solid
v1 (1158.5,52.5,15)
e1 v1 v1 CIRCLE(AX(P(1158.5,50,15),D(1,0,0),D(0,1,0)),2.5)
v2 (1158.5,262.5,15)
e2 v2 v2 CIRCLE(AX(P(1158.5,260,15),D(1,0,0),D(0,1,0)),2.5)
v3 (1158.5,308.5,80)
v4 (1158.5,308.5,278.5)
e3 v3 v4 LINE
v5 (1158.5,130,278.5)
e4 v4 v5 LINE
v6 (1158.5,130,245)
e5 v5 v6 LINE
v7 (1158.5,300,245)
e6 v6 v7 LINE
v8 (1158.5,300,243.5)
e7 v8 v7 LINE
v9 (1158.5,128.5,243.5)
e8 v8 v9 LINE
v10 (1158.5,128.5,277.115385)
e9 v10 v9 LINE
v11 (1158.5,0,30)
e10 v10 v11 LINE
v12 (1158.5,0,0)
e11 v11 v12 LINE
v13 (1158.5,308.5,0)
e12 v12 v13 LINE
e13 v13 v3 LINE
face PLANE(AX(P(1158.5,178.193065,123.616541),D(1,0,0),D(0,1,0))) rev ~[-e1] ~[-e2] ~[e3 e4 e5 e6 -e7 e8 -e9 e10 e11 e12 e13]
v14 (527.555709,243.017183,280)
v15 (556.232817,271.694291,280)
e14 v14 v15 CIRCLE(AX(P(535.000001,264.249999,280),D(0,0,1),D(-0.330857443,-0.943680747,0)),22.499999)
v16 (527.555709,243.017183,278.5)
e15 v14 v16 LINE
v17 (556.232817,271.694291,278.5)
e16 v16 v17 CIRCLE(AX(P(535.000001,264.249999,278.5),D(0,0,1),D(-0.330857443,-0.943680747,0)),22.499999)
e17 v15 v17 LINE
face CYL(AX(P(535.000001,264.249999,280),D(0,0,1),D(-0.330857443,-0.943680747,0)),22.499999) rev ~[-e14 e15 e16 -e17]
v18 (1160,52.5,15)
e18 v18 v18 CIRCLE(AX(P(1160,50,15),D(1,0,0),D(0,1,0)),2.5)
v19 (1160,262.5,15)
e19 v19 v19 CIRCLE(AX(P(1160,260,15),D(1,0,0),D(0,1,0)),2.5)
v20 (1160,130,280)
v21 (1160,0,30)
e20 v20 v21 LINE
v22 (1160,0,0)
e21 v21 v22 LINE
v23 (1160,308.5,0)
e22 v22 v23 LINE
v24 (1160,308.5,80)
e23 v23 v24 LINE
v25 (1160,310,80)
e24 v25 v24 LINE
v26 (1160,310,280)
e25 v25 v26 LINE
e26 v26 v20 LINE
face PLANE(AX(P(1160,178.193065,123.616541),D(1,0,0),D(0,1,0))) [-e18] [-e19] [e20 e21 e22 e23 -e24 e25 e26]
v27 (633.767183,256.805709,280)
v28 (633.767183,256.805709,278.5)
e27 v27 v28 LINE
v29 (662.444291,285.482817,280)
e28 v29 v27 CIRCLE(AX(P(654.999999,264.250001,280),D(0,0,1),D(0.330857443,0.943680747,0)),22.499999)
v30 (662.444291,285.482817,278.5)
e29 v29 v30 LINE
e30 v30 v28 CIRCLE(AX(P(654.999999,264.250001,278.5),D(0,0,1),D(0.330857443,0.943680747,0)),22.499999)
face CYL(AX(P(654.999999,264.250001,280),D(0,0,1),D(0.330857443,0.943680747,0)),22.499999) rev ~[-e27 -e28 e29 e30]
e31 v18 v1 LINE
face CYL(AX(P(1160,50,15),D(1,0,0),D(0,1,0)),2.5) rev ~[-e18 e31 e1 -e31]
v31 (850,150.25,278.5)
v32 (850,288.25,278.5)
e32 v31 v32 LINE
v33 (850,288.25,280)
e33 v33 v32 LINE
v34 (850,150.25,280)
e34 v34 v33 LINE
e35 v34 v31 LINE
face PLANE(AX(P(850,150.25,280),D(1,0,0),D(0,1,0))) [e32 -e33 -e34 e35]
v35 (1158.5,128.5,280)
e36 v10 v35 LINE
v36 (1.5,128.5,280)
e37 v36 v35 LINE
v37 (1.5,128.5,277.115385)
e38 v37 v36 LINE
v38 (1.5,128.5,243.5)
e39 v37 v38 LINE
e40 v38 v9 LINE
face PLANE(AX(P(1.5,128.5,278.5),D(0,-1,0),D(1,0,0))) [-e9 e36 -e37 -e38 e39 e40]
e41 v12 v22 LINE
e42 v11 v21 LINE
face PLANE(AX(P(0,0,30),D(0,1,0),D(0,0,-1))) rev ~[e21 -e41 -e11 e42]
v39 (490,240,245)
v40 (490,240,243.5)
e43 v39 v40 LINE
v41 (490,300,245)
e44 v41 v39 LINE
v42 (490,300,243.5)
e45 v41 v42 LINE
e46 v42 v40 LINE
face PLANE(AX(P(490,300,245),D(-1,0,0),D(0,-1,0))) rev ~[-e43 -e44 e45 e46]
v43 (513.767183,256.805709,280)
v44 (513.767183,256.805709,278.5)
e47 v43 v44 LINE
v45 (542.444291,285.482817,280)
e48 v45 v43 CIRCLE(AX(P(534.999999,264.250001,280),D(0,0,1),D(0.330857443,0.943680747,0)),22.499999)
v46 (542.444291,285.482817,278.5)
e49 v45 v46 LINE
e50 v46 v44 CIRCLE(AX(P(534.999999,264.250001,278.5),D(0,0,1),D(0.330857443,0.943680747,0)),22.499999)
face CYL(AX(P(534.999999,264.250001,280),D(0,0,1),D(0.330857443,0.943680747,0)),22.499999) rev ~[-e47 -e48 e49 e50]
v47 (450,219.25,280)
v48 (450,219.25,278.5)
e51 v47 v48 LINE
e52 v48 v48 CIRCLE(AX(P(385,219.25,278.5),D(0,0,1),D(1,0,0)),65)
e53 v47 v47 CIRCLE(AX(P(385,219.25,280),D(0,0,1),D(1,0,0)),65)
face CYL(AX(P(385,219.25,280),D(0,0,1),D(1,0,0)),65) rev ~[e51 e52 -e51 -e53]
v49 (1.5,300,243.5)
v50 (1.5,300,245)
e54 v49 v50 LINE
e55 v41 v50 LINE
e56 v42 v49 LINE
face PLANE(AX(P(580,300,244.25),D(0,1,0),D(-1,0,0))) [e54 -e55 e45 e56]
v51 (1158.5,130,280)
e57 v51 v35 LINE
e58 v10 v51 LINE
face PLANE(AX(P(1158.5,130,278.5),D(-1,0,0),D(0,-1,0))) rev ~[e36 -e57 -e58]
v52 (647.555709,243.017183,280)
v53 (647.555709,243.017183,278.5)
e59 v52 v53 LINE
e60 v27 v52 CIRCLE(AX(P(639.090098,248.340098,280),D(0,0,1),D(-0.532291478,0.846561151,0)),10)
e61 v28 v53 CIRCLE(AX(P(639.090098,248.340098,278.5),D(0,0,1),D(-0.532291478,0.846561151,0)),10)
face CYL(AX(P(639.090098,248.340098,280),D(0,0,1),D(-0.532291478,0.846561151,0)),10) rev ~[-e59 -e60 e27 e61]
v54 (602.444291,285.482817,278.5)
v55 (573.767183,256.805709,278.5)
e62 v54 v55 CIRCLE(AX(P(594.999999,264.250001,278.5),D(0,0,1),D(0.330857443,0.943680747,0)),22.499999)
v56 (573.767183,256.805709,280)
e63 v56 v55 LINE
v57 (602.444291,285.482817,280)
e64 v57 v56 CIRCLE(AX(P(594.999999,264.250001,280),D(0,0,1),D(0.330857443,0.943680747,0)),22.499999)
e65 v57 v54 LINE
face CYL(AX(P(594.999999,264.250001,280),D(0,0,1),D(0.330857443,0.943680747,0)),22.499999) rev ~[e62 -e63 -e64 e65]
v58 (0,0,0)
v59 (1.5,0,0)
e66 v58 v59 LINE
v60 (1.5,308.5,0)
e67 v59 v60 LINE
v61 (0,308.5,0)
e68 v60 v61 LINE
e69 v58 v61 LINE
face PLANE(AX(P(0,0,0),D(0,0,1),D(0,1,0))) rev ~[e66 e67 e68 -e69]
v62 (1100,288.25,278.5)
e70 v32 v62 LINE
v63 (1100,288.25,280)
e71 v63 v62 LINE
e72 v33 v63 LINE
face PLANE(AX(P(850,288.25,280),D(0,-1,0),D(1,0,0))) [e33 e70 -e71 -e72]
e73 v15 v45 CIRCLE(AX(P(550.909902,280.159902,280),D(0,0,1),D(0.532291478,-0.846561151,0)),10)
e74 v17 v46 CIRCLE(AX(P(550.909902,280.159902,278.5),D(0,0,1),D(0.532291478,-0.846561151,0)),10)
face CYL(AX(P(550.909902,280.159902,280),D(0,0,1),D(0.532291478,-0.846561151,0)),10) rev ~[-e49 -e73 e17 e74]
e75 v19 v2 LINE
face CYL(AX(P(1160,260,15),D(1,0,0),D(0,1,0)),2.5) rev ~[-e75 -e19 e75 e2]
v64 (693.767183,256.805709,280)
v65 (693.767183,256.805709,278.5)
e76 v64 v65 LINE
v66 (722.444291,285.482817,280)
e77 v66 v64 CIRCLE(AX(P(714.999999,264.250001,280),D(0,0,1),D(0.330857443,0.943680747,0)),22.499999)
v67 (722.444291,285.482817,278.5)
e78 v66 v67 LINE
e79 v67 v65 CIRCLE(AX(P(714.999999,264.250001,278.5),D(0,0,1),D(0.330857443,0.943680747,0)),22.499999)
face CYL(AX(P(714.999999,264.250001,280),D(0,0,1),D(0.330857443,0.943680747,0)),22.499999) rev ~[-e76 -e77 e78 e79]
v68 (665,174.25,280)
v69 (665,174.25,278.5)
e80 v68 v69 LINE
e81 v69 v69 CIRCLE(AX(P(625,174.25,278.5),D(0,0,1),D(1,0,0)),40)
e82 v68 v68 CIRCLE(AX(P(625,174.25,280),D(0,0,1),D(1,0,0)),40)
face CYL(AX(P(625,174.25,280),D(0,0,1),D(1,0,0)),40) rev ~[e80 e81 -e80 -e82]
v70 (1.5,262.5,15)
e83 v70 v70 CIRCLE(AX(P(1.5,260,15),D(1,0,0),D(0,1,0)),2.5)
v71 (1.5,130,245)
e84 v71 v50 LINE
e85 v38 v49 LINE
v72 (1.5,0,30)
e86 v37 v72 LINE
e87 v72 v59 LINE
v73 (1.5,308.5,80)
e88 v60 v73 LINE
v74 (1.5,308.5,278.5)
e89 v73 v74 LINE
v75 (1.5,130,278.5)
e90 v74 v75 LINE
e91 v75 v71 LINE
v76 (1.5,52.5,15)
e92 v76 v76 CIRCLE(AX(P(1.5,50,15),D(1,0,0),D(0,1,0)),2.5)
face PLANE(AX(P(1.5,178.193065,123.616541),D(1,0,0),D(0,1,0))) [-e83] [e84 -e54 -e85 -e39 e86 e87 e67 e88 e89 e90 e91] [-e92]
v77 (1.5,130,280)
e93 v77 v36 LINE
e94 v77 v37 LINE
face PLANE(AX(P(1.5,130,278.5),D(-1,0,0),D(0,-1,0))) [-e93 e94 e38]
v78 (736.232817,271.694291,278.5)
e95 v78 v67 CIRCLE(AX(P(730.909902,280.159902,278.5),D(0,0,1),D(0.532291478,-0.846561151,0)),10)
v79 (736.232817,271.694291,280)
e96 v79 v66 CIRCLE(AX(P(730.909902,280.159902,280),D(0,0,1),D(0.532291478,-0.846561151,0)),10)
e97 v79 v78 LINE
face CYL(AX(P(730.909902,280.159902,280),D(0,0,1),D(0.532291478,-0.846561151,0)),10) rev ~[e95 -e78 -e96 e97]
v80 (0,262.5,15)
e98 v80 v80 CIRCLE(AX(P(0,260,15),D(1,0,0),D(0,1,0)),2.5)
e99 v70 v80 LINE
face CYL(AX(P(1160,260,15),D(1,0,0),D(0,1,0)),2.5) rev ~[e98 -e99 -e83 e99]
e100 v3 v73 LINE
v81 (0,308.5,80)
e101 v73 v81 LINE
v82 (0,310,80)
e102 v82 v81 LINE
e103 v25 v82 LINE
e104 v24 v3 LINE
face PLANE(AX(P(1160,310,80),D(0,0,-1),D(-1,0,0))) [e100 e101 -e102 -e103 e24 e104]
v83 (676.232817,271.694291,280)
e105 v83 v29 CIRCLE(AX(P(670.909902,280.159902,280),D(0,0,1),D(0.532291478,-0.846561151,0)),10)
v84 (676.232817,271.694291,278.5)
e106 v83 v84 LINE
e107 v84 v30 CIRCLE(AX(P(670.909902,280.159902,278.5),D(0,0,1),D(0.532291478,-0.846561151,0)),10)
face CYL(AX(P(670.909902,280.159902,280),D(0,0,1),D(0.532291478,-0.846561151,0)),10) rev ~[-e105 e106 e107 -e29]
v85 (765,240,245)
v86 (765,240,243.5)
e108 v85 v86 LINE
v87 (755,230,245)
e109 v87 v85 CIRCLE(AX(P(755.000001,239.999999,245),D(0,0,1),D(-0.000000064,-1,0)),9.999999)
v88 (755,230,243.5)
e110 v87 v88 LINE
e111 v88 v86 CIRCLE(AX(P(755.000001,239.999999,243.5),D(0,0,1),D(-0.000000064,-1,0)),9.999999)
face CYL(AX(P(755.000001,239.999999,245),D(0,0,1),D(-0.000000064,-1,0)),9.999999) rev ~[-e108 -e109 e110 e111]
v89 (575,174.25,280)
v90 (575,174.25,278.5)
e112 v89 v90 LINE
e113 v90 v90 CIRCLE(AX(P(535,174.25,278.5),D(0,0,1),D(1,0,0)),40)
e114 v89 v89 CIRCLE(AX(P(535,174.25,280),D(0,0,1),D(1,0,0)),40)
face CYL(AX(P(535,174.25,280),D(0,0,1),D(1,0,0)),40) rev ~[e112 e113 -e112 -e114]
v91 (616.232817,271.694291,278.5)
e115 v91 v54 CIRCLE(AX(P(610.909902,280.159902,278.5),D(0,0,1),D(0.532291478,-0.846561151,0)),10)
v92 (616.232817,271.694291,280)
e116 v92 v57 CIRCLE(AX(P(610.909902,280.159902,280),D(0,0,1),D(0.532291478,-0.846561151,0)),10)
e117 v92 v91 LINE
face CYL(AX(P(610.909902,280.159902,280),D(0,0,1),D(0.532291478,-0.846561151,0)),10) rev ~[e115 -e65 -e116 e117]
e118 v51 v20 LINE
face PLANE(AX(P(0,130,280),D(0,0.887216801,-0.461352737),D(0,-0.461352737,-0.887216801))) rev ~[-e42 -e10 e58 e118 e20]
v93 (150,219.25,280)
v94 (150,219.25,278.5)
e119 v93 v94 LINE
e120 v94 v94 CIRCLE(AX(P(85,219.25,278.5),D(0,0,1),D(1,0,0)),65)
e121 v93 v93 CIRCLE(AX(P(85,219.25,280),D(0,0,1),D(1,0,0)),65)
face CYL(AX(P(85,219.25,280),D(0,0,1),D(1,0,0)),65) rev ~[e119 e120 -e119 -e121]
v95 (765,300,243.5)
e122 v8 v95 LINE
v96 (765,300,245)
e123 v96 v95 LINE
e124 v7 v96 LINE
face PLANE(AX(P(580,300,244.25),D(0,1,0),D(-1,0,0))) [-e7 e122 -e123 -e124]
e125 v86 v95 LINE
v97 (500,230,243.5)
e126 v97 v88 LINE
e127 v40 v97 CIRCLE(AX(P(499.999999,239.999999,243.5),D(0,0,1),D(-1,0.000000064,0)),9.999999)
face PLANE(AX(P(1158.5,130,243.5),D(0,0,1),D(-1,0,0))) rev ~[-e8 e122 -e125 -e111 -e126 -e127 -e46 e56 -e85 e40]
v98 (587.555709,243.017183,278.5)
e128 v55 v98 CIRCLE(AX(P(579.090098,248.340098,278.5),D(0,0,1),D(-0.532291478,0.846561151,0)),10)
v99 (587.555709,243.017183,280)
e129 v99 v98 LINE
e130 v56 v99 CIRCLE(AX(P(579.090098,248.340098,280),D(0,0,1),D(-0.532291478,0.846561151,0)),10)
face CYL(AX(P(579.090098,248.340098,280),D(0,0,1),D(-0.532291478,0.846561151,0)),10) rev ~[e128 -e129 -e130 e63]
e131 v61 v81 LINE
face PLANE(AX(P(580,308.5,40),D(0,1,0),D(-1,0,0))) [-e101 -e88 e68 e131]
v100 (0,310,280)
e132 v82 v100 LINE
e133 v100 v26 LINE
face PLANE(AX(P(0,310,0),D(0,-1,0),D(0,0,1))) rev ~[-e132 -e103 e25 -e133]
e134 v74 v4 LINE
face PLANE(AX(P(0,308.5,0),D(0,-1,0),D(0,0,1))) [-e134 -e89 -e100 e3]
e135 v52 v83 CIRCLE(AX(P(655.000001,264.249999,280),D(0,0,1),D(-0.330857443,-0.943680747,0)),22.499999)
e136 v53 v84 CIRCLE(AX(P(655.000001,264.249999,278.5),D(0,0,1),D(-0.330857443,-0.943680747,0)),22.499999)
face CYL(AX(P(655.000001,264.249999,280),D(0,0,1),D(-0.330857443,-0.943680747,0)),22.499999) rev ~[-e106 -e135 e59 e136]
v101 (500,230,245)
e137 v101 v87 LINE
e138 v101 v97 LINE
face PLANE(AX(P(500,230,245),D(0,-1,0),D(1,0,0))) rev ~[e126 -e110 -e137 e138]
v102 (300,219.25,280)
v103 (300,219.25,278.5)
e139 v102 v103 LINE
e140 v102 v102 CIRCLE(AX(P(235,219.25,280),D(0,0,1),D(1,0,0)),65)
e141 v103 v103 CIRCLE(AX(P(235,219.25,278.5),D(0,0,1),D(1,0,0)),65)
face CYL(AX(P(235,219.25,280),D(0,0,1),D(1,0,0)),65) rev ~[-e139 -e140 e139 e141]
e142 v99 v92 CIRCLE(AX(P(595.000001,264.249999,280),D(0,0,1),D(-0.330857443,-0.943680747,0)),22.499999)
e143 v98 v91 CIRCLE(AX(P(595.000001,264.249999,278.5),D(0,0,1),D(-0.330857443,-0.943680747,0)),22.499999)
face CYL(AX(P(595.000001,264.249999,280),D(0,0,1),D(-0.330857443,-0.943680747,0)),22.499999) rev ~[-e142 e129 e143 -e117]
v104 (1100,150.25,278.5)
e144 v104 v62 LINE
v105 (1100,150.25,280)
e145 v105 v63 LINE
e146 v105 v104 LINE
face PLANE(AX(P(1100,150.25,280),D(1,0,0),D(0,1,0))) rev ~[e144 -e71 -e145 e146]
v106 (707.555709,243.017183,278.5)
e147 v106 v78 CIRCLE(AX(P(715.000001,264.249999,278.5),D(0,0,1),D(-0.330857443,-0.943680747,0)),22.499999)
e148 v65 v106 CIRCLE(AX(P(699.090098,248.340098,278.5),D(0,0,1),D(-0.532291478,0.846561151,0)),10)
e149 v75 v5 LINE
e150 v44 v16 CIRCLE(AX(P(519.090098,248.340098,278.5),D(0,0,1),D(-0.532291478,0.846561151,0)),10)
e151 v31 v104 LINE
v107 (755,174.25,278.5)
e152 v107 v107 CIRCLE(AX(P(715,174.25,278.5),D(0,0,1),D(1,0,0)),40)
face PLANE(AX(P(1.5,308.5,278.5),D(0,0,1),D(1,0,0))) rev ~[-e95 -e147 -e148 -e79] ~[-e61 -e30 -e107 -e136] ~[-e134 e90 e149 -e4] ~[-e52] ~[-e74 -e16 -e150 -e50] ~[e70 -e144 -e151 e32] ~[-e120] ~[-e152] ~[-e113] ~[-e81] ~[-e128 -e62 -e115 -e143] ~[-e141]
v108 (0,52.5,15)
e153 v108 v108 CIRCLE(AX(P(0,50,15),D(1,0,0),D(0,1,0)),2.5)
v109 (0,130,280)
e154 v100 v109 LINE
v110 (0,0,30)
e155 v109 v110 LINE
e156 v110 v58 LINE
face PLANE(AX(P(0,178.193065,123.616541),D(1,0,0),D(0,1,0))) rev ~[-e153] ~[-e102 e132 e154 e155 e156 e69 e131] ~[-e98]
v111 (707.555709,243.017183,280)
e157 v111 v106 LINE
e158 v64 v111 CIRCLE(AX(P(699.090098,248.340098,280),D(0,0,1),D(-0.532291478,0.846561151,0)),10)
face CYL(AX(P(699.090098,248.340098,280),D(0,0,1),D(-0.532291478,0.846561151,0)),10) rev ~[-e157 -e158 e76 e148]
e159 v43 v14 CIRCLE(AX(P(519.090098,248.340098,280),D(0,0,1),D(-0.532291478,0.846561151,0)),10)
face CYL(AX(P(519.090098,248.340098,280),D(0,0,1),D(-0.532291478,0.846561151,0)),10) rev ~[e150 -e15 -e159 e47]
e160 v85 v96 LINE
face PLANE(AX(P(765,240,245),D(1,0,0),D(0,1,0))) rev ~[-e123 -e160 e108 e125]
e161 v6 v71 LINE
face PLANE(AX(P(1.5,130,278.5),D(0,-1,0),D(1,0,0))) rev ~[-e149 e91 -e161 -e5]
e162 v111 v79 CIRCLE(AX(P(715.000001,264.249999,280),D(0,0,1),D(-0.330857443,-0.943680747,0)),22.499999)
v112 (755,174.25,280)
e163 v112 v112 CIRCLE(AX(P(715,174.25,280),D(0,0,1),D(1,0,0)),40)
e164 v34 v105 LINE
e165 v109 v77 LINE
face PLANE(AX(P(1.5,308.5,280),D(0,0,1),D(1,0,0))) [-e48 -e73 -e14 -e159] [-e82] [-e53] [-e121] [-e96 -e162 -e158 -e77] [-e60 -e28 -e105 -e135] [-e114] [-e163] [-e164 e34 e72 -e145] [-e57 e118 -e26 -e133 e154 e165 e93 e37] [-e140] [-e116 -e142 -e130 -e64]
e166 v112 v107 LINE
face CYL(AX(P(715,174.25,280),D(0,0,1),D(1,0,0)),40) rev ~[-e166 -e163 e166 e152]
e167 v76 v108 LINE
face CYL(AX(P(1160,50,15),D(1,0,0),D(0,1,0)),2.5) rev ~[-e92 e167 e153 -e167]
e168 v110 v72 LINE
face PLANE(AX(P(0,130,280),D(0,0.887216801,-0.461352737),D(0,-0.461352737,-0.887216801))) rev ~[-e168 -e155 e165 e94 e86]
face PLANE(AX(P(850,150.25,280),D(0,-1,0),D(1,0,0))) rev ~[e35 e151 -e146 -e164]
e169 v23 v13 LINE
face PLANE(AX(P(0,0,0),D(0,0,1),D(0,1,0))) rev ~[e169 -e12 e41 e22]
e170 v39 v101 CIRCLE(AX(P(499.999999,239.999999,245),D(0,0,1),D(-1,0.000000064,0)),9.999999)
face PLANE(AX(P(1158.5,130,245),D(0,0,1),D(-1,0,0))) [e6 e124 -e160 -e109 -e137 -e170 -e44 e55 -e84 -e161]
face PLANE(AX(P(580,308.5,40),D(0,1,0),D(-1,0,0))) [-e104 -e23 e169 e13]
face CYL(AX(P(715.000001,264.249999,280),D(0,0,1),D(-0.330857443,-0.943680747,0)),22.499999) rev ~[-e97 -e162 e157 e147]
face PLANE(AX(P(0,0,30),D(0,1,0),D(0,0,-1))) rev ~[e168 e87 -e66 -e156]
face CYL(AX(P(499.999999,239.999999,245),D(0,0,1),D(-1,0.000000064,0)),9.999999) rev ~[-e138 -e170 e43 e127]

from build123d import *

# Parameters (mm, degrees)
F1_DEPTH  = 1160
F2_T      = -1.5
F3_W      = 1157
F3_H      = 1.5
F4_DEPTH  = 180
F5_W      = 1157
F5_H      = 1.5
F6_DEPTH  = 35
F7_W      = 1157
F7_H      = 1.5
F8_DEPTH  = 170
F9_W      = 1160
F9_H      = 80
F10_DEPTH = 1.5
F11_R     = 65
F11_R_2   = 40
F11_W     = 250
F11_H     = 138
F12_DEPTH = 1.5
F14_DEPTH = 245.001
F15_R     = 2.5
F16_DEPTH = 1160.001


with BuildPart() as f1:
    # F0 (on Right) → F1 (new body)
    with BuildSketch(Plane.YZ):
        Polygon((0, 30), (0, 0), (310, 0), (310, 280), (130, 280), align=None)
    extrude(amount=F1_DEPTH)

    # F2
    f2_openings = [f1.faces().sort_by_distance(p)[0] for p in [
        (580, 65, 155),
        (580, 220, 280),
        (580, 0, 15),
        (580, 155, 0),
    ]]
    offset(amount=F2_T, openings=f2_openings)

    # F3 (on face) → F4 (join)
    with BuildSketch(Plane.XZ.offset(-308.5)):
        with Locations((580, 279.25)):
            Rectangle(F3_W, F3_H)
    extrude(amount=F4_DEPTH)

    # F5 (on face) → F6 (join)
    with BuildSketch(Plane(origin=(0, 0, 278.5), x_dir=(1, 0, 0), z_dir=(0, 0, -1))):
        with Locations((580, -129.25)):
            Rectangle(F5_W, F5_H)
    extrude(amount=F6_DEPTH)

    # F7 (on face) → F8 (join)
    with BuildSketch(Plane(origin=(0, 130, 0), x_dir=(-1, 0, 0), z_dir=(0, 1, 0))):
        with Locations((-580, 244.25)):
            Rectangle(F7_W, F7_H)
    extrude(amount=F8_DEPTH)

    # F9 (on face) → F10 (cut)
    with BuildSketch(Plane(origin=(0, 310, 0), x_dir=(-1, 0, 0), z_dir=(0, 1, 0))):
        with Locations((-580, 40)):
            Rectangle(F9_W, F9_H)
    extrude(amount=-F10_DEPTH, mode=Mode.SUBTRACT)

    # F11 (on face) → F12 (cut, through all)
    with BuildSketch(Plane.XY.offset(280)):
        with Locations((85, 219.25)):
            Circle(F11_R)
        with Locations((235, 219.25)):
            Circle(F11_R)
        with Locations((385, 219.25)):
            Circle(F11_R)
        with Locations((535, 174.25)):
            Circle(F11_R_2)
        with Locations((625, 174.25)):
            Circle(F11_R_2)
        with Locations((715, 174.25)):
            Circle(F11_R_2)
        with BuildLine():
            ThreePointArc((513.767183, 256.805709), (512.01903, 241.26903), (527.555709, 243.017183))
            ThreePointArc((527.555709, 243.017183), (550.909903, 248.340097), (556.232817, 271.694291))
            ThreePointArc((556.232817, 271.694291), (557.98097, 287.23097), (542.444291, 285.482817))
            ThreePointArc((542.444291, 285.482817), (519.090097, 280.159903), (513.767183, 256.805709))
        make_face()
        with BuildLine():
            ThreePointArc((616.232817, 271.694291), (617.98097, 287.23097), (602.444291, 285.482817))
            ThreePointArc((602.444291, 285.482817), (579.090097, 280.159903), (573.767183, 256.805709))
            ThreePointArc((573.767183, 256.805709), (572.01903, 241.26903), (587.555709, 243.017183))
            ThreePointArc((587.555709, 243.017183), (610.909903, 248.340097), (616.232817, 271.694291))
        make_face()
        with BuildLine():
            ThreePointArc((676.232817, 271.694291), (677.98097, 287.23097), (662.444291, 285.482817))
            ThreePointArc((662.444291, 285.482817), (639.090097, 280.159903), (633.767183, 256.805709))
            ThreePointArc((633.767183, 256.805709), (632.01903, 241.26903), (647.555709, 243.017183))
            ThreePointArc((647.555709, 243.017183), (670.909903, 248.340097), (676.232817, 271.694291))
        make_face()
        with BuildLine():
            ThreePointArc((736.232817, 271.694291), (737.98097, 287.23097), (722.444291, 285.482817))
            ThreePointArc((722.444291, 285.482817), (699.090097, 280.159903), (693.767183, 256.805709))
            ThreePointArc((693.767183, 256.805709), (692.01903, 241.26903), (707.555709, 243.017183))
            ThreePointArc((707.555709, 243.017183), (730.909903, 248.340097), (736.232817, 271.694291))
        make_face()
        with Locations((975, 219.25)):
            Rectangle(F11_W, F11_H)
    extrude(amount=-F12_DEPTH, mode=Mode.SUBTRACT)

    # F13 (on face) → F14 (cut, through all)
    with BuildSketch(Plane.XY.offset(245)):
        with BuildLine():
            Line((765, 300), (490, 300))
            Line((490, 300), (490, 240))
            ThreePointArc((490, 240), (492.928932, 232.928932), (500, 230))
            Line((500, 230), (755, 230))
            ThreePointArc((755, 230), (762.071068, 232.928932), (765, 240))
            Line((765, 240), (765, 300))
        make_face()
    extrude(amount=-F14_DEPTH, mode=Mode.SUBTRACT)

    # F15 (on face) → F16 (cut, through all)
    with BuildSketch(Plane.YZ.offset(1160)):
        with Locations((260, 15)):
            Circle(F15_R)
        with Locations((50, 15)):
            Circle(F15_R)
    extrude(amount=-F16_DEPTH, mode=Mode.SUBTRACT)


solid = f1.part
